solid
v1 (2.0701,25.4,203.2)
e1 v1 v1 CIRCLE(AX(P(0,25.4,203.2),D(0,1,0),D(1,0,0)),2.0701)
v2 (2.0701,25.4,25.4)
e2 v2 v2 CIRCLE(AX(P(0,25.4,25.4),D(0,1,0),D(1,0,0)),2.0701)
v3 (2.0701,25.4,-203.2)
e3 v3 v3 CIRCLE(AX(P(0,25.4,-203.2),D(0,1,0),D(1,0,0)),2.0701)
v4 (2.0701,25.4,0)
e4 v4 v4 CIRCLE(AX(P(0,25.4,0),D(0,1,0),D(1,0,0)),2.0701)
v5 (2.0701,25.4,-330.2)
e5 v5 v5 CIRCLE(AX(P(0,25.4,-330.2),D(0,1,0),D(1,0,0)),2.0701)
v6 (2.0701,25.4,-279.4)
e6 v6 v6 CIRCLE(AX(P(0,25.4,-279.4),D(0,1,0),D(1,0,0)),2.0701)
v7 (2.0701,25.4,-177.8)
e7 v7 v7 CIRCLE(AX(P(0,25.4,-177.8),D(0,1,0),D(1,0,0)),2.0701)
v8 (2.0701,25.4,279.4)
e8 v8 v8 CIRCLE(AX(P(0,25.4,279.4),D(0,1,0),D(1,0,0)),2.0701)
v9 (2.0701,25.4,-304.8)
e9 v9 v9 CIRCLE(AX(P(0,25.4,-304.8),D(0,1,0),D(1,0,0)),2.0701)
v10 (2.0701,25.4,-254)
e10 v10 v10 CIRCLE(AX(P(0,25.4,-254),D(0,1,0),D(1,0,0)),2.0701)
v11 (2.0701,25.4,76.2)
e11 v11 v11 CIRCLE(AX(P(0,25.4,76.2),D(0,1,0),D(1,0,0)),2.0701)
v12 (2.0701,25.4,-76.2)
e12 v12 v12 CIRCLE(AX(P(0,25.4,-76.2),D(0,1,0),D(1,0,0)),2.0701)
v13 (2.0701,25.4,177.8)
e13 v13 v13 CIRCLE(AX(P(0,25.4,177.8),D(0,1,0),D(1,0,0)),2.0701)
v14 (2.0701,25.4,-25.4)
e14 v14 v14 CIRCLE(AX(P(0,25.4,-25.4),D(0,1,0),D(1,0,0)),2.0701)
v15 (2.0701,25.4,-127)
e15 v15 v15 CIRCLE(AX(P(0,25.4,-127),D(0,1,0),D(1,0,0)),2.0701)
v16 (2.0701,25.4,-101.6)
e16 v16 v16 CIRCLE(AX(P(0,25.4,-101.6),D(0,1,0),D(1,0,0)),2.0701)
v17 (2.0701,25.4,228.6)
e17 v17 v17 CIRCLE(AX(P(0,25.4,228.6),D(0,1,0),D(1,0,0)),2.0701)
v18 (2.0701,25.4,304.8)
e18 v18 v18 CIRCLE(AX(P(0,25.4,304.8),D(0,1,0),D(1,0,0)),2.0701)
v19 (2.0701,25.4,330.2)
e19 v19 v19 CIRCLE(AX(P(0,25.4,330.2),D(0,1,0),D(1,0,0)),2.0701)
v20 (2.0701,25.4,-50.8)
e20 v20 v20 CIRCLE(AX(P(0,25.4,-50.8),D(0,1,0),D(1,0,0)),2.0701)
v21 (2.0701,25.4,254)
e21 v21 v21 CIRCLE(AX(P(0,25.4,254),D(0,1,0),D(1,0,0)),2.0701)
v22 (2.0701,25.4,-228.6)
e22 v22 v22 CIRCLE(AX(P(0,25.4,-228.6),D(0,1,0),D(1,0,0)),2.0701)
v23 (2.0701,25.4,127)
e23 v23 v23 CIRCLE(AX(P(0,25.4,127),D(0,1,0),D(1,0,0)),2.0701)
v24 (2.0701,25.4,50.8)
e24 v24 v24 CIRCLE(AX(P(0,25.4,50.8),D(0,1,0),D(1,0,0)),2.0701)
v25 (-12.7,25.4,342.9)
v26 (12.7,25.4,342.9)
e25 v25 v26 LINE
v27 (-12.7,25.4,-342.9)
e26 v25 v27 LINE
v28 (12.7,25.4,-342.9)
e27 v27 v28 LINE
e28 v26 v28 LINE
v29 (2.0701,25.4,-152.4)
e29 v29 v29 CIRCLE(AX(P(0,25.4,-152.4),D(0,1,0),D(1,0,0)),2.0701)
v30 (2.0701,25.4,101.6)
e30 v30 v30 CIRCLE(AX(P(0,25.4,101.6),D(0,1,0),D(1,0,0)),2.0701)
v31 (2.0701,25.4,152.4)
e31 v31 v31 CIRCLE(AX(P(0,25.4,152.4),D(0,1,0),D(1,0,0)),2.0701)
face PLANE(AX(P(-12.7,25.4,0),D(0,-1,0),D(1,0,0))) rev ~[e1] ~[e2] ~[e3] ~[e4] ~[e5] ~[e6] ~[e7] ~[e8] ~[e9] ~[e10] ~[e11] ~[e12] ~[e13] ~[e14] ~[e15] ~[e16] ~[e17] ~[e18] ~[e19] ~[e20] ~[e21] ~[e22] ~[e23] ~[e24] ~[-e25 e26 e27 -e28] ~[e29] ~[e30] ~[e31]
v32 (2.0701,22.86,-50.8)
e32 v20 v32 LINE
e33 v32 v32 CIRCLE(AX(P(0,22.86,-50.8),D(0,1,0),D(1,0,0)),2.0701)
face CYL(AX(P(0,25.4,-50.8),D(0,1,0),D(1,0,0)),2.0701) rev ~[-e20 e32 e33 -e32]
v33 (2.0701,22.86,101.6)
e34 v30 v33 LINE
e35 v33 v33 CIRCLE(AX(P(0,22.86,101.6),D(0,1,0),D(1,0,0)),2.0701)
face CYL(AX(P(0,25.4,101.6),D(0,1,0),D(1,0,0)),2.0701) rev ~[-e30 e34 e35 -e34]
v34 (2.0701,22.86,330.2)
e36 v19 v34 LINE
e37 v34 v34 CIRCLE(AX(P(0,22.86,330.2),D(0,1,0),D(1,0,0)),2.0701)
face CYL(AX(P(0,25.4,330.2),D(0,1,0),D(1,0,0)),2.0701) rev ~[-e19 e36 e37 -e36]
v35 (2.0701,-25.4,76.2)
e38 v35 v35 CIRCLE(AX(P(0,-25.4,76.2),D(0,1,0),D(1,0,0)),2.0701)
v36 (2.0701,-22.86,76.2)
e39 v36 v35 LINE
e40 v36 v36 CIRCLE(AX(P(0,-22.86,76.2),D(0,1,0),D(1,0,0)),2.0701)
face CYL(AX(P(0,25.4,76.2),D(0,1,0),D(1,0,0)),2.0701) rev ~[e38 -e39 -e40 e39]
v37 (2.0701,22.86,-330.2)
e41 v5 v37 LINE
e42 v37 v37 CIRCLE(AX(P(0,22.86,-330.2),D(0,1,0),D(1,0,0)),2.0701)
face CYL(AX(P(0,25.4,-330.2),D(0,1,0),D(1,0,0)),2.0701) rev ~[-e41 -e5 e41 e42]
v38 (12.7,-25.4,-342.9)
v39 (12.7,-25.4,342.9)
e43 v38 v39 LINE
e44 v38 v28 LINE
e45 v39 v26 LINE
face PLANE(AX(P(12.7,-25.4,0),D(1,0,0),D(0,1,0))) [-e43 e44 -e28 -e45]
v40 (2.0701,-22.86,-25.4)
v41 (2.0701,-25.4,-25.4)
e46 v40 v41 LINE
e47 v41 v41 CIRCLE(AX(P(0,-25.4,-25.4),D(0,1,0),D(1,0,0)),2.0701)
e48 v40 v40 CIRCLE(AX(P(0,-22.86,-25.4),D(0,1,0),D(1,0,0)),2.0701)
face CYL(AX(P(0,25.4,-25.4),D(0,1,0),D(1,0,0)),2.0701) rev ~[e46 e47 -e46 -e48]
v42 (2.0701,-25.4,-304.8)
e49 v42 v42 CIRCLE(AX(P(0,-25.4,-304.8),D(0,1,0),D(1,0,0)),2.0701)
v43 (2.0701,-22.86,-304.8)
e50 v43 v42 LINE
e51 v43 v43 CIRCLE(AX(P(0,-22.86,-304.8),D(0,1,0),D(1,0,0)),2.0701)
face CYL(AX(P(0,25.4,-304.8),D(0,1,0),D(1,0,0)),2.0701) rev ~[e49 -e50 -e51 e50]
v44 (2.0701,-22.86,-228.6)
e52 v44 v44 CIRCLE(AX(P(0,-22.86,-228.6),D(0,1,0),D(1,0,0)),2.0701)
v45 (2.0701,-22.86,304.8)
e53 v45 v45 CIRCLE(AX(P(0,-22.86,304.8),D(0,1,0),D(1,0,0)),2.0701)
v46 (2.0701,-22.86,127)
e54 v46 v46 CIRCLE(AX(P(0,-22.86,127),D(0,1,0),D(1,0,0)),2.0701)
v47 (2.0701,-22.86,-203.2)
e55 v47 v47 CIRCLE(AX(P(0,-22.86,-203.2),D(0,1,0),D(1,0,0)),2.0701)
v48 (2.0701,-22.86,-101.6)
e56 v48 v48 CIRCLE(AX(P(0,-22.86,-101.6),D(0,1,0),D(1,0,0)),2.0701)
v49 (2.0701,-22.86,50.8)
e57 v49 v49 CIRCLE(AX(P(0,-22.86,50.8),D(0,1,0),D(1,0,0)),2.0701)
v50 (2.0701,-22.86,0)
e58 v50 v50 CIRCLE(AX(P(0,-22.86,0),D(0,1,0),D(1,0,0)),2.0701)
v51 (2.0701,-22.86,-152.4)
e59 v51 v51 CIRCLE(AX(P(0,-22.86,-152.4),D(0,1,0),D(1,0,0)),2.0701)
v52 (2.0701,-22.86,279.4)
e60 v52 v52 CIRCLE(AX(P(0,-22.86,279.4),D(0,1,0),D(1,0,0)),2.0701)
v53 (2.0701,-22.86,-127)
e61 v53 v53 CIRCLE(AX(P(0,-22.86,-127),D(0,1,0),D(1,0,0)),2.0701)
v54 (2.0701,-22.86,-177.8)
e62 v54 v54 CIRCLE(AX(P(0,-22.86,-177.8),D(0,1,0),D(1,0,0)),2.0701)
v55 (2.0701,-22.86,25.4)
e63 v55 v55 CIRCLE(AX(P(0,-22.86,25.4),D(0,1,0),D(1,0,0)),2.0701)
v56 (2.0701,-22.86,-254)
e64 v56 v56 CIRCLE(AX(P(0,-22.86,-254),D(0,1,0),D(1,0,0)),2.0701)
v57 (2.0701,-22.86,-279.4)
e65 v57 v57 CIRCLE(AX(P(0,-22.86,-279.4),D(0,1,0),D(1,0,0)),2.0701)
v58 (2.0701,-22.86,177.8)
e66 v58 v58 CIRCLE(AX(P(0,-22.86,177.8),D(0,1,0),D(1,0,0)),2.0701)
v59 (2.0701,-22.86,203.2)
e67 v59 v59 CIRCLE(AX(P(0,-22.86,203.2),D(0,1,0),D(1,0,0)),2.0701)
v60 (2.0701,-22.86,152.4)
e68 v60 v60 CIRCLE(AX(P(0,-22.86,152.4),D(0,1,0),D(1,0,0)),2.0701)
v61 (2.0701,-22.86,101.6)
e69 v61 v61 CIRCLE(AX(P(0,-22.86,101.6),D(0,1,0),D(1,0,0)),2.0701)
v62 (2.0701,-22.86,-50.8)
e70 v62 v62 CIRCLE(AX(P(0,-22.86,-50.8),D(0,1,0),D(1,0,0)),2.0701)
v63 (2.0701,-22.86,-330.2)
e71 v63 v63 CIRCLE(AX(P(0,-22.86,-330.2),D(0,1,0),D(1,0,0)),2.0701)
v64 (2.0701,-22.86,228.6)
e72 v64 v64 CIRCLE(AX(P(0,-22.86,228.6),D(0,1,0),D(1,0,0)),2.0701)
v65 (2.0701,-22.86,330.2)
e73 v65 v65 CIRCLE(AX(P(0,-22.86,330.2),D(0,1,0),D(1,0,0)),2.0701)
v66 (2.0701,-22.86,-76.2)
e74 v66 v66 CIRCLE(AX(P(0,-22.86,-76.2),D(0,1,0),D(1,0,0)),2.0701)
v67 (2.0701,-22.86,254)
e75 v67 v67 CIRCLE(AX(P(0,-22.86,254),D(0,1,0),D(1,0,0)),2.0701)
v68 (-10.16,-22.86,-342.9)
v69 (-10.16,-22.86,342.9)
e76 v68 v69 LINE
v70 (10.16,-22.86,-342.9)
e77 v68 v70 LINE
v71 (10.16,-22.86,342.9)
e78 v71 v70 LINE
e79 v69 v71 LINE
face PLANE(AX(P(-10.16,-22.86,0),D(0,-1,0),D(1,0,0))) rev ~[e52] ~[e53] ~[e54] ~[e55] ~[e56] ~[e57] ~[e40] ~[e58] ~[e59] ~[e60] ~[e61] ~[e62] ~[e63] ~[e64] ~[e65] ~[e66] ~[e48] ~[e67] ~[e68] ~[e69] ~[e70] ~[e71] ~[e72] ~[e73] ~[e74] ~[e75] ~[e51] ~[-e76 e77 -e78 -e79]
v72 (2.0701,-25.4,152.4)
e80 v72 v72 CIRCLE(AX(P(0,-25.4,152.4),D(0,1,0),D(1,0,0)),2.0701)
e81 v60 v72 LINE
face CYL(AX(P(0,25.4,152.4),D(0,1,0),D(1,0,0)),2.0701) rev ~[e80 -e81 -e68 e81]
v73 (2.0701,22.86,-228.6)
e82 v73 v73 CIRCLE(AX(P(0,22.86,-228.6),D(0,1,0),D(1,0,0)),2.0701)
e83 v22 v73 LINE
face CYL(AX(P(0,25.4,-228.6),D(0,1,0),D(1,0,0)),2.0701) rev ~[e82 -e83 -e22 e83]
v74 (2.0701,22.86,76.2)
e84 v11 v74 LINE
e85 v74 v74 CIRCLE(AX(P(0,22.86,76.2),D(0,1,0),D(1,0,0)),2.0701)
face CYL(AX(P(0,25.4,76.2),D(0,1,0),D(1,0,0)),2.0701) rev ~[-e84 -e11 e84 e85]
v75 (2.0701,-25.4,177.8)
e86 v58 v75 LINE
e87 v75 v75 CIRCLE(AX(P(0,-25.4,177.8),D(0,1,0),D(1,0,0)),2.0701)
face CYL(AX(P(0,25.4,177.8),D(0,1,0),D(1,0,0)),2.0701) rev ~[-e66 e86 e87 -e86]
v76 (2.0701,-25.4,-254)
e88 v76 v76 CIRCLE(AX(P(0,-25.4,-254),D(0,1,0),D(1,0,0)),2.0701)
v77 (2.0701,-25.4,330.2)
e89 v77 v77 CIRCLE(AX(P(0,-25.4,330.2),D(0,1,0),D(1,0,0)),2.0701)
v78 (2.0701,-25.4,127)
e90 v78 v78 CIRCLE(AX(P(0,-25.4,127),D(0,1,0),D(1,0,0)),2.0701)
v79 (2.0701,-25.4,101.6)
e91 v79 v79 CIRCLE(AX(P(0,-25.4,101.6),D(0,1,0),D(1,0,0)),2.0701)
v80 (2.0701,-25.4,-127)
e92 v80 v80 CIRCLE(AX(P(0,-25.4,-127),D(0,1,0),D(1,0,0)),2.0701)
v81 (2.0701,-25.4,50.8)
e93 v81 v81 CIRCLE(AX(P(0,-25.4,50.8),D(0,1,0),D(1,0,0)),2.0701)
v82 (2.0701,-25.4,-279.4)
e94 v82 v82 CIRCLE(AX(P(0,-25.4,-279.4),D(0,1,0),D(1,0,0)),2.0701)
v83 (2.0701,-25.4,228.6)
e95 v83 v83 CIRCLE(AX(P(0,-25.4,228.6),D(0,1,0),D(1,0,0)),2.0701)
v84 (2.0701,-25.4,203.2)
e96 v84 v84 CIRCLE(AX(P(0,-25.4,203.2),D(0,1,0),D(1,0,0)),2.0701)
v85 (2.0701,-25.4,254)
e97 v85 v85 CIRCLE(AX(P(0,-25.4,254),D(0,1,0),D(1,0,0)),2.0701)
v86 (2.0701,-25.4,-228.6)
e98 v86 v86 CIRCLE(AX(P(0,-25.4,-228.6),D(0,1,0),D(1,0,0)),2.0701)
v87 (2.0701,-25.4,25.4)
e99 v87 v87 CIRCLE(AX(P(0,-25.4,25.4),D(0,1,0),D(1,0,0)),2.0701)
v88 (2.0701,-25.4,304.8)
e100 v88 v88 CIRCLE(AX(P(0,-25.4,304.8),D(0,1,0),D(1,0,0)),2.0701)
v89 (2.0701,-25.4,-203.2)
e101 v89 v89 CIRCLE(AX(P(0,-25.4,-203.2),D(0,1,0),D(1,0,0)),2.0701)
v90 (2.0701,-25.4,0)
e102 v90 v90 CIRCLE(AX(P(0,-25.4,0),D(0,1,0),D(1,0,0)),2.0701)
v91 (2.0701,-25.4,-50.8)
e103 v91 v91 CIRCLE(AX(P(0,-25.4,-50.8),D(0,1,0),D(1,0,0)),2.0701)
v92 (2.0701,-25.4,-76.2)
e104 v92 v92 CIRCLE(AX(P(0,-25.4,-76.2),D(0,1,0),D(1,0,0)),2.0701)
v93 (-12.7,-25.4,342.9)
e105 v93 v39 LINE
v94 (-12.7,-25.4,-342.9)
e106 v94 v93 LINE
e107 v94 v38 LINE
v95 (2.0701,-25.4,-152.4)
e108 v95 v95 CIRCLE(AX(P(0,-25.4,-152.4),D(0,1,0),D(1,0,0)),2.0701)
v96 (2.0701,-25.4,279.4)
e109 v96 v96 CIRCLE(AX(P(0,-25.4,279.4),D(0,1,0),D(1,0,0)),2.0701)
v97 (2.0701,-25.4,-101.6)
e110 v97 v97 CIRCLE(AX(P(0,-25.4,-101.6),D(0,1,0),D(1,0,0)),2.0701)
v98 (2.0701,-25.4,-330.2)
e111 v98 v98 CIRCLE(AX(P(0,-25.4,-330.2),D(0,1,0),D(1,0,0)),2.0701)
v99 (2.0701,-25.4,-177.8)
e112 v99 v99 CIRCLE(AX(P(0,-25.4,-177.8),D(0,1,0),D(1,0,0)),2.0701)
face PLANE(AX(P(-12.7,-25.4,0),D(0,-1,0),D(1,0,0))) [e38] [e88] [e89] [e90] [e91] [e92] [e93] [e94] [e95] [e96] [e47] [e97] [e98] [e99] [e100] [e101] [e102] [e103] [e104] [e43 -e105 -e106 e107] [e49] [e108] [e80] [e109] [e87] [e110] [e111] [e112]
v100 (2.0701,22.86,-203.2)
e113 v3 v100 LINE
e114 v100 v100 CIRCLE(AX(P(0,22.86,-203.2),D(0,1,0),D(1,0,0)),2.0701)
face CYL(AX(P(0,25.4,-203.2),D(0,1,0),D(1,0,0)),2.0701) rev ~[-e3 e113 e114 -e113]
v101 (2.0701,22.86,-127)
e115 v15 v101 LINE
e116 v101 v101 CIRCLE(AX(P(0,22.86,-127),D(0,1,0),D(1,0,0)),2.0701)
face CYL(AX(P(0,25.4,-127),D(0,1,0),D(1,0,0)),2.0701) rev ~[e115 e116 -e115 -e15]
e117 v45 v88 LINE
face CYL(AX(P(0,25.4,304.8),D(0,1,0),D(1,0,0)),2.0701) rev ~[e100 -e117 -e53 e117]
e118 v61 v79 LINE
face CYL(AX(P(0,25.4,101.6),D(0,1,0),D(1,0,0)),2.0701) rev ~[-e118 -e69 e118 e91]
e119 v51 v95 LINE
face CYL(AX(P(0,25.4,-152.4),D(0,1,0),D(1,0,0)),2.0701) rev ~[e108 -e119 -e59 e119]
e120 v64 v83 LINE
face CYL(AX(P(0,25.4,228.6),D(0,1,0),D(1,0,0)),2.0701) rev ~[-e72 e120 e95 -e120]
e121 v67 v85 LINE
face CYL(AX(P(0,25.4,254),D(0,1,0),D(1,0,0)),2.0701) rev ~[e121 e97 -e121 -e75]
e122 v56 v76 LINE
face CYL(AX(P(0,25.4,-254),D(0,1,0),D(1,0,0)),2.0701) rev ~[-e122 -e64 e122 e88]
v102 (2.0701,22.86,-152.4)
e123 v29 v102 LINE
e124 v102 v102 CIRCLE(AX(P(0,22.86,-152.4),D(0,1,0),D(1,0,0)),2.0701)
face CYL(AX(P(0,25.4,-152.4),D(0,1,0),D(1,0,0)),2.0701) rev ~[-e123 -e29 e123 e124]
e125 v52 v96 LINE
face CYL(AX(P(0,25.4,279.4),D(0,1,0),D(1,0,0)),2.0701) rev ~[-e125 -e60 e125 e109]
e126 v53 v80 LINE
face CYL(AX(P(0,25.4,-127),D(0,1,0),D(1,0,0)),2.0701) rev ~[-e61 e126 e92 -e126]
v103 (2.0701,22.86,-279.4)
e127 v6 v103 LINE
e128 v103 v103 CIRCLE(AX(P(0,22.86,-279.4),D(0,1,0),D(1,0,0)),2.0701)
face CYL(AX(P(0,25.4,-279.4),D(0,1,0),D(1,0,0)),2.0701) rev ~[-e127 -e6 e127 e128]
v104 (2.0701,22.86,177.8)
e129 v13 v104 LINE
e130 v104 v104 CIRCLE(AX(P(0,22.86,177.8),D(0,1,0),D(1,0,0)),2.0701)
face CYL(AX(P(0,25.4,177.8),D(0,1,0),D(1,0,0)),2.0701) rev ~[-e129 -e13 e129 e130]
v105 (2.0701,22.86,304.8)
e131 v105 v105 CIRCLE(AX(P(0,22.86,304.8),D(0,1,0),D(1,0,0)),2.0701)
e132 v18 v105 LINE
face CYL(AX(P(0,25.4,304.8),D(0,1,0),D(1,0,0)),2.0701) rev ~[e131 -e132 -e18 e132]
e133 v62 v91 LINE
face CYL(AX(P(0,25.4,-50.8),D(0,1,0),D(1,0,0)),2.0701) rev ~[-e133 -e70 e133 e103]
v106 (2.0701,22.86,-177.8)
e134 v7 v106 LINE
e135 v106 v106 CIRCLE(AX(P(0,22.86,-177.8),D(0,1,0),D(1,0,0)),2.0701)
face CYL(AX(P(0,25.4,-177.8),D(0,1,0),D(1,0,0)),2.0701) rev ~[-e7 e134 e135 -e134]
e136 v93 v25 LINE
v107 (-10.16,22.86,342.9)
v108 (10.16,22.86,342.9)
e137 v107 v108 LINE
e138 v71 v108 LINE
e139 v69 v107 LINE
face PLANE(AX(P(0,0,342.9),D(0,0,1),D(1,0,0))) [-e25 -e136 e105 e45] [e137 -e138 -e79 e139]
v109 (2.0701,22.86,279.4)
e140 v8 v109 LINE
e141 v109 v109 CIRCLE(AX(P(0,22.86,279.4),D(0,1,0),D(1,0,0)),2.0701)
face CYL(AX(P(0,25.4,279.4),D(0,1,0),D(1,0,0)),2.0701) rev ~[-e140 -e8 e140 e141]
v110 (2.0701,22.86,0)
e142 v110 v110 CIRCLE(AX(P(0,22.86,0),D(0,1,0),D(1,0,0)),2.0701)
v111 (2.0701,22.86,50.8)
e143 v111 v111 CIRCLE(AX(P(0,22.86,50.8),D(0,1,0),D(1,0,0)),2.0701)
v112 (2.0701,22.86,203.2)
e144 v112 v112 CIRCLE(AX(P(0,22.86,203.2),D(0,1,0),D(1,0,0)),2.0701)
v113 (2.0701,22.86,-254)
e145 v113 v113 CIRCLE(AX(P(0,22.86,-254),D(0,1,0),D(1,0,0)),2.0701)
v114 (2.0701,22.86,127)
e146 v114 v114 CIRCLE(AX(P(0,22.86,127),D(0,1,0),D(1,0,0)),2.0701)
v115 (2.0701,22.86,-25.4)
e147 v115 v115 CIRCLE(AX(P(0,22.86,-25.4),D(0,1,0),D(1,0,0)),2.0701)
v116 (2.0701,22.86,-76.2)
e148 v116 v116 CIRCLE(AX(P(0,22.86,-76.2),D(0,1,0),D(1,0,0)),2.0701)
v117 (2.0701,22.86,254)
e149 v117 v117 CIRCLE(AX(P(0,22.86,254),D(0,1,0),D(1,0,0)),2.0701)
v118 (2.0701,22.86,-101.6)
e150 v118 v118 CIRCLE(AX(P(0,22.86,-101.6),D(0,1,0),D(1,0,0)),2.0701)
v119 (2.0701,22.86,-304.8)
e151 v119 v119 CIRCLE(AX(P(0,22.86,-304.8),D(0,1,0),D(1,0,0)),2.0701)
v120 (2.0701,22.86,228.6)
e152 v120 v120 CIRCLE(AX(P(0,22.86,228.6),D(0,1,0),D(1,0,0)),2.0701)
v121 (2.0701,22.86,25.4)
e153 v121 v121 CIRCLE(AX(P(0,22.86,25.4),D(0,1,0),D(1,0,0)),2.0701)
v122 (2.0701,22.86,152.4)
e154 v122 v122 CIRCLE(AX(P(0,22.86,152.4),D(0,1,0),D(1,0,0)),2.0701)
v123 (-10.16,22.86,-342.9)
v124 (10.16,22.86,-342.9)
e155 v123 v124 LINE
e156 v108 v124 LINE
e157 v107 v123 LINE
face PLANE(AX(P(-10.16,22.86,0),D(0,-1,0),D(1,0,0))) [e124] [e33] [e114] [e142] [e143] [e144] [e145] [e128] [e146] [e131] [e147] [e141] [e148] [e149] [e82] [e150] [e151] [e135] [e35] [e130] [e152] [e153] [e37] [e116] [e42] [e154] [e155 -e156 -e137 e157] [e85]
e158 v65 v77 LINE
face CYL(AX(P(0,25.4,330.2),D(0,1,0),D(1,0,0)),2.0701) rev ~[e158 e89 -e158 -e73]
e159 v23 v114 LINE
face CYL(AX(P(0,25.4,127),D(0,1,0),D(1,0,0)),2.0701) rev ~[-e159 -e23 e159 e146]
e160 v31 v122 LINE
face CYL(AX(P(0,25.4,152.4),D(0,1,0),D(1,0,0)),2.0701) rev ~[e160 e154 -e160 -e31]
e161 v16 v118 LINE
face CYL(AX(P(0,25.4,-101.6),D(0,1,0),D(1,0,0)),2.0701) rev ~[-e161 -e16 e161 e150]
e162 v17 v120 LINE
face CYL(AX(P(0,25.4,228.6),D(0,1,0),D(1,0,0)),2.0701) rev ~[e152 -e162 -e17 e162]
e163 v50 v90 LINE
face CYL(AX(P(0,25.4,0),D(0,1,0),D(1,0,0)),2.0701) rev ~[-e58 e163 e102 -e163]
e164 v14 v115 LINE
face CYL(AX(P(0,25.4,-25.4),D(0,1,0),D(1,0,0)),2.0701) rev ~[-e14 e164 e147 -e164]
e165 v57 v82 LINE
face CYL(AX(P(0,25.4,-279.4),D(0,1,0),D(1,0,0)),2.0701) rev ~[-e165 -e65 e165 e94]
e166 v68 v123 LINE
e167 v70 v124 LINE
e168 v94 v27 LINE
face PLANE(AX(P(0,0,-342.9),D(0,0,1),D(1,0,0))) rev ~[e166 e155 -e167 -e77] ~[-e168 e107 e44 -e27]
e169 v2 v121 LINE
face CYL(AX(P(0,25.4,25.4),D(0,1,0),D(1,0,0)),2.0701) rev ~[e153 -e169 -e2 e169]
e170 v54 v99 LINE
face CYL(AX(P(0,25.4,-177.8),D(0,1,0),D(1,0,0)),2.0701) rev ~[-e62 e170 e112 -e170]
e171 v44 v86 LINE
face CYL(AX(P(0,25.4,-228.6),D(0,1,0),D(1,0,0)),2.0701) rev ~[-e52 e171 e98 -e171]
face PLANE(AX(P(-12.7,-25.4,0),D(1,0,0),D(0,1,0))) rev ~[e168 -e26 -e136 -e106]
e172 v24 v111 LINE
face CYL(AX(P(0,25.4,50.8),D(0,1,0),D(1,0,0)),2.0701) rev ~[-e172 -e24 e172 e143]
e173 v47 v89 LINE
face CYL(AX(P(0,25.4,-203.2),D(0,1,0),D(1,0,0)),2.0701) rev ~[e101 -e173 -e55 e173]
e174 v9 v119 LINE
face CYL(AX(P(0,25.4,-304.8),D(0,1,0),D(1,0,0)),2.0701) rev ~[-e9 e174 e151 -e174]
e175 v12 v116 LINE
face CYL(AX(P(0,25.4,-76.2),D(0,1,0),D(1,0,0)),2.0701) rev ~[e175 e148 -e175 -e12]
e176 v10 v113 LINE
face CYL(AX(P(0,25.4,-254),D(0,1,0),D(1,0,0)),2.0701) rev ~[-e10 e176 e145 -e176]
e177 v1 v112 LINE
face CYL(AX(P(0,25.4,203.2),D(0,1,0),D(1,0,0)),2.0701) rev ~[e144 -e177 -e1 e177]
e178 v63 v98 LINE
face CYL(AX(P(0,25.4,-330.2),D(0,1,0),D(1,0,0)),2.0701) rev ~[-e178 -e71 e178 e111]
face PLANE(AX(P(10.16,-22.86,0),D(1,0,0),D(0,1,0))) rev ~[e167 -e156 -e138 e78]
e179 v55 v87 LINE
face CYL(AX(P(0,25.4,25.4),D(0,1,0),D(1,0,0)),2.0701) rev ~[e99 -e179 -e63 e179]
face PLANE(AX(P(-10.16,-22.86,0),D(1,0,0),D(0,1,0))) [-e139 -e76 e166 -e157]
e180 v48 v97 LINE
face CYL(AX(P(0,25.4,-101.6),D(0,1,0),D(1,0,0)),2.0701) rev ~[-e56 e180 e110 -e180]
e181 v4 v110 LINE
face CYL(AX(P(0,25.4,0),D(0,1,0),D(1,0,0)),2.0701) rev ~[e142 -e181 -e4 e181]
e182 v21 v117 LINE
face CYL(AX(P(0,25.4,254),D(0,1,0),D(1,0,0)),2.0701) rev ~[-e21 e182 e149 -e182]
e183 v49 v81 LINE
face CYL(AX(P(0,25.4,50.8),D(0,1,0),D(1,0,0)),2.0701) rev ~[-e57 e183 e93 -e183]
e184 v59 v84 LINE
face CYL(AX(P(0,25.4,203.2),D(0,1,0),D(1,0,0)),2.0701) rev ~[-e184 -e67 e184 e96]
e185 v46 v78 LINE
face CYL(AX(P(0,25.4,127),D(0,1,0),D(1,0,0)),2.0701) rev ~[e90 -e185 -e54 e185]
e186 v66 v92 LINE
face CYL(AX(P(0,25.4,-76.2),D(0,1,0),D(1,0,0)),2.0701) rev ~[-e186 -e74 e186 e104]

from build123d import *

# Parameters (mm, degrees)
SKETCH1_W           = 25.4
SKETCH1_H           = 50.8
SKETCH1_W_2         = 20.32
SKETCH1_H_2         = 45.72
EXTRUDE_THIN1_DEPTH = 342.9
SKETCH2_R           = 2.0701
CUT_EXTRUDE1_DEPTH  = 51.8
LPATTERN1_COUNT     = 28
LPATTERN1_PITCH     = 25.4


with BuildPart() as part:
    # Sketch1 → Extrude-Thin1 (new body, symmetric)
    with BuildSketch(Plane.XY):
        Rectangle(SKETCH1_W, SKETCH1_H)
        Rectangle(SKETCH1_W_2, SKETCH1_H_2, mode=Mode.SUBTRACT)
    extrude(amount=EXTRUDE_THIN1_DEPTH, both=True)

    # Sketch2 → Cut-Extrude1 (cut, through all)
    with BuildSketch(Plane(origin=(0, 25.4, 0), x_dir=(1, 0, 0), z_dir=(0, 1, 0))):
        with Locations((0, -330.2)):
            Circle(SKETCH2_R)
    cut_extrude1 = extrude(amount=-CUT_EXTRUDE1_DEPTH, mode=Mode.SUBTRACT)

    # LPattern1: Cut-Extrude1 ×28
    with Locations(*[(0, 0, -i * LPATTERN1_PITCH) for i in range(1, LPATTERN1_COUNT)]):
        add(cut_extrude1, mode=Mode.SUBTRACT)


solid = part.part
